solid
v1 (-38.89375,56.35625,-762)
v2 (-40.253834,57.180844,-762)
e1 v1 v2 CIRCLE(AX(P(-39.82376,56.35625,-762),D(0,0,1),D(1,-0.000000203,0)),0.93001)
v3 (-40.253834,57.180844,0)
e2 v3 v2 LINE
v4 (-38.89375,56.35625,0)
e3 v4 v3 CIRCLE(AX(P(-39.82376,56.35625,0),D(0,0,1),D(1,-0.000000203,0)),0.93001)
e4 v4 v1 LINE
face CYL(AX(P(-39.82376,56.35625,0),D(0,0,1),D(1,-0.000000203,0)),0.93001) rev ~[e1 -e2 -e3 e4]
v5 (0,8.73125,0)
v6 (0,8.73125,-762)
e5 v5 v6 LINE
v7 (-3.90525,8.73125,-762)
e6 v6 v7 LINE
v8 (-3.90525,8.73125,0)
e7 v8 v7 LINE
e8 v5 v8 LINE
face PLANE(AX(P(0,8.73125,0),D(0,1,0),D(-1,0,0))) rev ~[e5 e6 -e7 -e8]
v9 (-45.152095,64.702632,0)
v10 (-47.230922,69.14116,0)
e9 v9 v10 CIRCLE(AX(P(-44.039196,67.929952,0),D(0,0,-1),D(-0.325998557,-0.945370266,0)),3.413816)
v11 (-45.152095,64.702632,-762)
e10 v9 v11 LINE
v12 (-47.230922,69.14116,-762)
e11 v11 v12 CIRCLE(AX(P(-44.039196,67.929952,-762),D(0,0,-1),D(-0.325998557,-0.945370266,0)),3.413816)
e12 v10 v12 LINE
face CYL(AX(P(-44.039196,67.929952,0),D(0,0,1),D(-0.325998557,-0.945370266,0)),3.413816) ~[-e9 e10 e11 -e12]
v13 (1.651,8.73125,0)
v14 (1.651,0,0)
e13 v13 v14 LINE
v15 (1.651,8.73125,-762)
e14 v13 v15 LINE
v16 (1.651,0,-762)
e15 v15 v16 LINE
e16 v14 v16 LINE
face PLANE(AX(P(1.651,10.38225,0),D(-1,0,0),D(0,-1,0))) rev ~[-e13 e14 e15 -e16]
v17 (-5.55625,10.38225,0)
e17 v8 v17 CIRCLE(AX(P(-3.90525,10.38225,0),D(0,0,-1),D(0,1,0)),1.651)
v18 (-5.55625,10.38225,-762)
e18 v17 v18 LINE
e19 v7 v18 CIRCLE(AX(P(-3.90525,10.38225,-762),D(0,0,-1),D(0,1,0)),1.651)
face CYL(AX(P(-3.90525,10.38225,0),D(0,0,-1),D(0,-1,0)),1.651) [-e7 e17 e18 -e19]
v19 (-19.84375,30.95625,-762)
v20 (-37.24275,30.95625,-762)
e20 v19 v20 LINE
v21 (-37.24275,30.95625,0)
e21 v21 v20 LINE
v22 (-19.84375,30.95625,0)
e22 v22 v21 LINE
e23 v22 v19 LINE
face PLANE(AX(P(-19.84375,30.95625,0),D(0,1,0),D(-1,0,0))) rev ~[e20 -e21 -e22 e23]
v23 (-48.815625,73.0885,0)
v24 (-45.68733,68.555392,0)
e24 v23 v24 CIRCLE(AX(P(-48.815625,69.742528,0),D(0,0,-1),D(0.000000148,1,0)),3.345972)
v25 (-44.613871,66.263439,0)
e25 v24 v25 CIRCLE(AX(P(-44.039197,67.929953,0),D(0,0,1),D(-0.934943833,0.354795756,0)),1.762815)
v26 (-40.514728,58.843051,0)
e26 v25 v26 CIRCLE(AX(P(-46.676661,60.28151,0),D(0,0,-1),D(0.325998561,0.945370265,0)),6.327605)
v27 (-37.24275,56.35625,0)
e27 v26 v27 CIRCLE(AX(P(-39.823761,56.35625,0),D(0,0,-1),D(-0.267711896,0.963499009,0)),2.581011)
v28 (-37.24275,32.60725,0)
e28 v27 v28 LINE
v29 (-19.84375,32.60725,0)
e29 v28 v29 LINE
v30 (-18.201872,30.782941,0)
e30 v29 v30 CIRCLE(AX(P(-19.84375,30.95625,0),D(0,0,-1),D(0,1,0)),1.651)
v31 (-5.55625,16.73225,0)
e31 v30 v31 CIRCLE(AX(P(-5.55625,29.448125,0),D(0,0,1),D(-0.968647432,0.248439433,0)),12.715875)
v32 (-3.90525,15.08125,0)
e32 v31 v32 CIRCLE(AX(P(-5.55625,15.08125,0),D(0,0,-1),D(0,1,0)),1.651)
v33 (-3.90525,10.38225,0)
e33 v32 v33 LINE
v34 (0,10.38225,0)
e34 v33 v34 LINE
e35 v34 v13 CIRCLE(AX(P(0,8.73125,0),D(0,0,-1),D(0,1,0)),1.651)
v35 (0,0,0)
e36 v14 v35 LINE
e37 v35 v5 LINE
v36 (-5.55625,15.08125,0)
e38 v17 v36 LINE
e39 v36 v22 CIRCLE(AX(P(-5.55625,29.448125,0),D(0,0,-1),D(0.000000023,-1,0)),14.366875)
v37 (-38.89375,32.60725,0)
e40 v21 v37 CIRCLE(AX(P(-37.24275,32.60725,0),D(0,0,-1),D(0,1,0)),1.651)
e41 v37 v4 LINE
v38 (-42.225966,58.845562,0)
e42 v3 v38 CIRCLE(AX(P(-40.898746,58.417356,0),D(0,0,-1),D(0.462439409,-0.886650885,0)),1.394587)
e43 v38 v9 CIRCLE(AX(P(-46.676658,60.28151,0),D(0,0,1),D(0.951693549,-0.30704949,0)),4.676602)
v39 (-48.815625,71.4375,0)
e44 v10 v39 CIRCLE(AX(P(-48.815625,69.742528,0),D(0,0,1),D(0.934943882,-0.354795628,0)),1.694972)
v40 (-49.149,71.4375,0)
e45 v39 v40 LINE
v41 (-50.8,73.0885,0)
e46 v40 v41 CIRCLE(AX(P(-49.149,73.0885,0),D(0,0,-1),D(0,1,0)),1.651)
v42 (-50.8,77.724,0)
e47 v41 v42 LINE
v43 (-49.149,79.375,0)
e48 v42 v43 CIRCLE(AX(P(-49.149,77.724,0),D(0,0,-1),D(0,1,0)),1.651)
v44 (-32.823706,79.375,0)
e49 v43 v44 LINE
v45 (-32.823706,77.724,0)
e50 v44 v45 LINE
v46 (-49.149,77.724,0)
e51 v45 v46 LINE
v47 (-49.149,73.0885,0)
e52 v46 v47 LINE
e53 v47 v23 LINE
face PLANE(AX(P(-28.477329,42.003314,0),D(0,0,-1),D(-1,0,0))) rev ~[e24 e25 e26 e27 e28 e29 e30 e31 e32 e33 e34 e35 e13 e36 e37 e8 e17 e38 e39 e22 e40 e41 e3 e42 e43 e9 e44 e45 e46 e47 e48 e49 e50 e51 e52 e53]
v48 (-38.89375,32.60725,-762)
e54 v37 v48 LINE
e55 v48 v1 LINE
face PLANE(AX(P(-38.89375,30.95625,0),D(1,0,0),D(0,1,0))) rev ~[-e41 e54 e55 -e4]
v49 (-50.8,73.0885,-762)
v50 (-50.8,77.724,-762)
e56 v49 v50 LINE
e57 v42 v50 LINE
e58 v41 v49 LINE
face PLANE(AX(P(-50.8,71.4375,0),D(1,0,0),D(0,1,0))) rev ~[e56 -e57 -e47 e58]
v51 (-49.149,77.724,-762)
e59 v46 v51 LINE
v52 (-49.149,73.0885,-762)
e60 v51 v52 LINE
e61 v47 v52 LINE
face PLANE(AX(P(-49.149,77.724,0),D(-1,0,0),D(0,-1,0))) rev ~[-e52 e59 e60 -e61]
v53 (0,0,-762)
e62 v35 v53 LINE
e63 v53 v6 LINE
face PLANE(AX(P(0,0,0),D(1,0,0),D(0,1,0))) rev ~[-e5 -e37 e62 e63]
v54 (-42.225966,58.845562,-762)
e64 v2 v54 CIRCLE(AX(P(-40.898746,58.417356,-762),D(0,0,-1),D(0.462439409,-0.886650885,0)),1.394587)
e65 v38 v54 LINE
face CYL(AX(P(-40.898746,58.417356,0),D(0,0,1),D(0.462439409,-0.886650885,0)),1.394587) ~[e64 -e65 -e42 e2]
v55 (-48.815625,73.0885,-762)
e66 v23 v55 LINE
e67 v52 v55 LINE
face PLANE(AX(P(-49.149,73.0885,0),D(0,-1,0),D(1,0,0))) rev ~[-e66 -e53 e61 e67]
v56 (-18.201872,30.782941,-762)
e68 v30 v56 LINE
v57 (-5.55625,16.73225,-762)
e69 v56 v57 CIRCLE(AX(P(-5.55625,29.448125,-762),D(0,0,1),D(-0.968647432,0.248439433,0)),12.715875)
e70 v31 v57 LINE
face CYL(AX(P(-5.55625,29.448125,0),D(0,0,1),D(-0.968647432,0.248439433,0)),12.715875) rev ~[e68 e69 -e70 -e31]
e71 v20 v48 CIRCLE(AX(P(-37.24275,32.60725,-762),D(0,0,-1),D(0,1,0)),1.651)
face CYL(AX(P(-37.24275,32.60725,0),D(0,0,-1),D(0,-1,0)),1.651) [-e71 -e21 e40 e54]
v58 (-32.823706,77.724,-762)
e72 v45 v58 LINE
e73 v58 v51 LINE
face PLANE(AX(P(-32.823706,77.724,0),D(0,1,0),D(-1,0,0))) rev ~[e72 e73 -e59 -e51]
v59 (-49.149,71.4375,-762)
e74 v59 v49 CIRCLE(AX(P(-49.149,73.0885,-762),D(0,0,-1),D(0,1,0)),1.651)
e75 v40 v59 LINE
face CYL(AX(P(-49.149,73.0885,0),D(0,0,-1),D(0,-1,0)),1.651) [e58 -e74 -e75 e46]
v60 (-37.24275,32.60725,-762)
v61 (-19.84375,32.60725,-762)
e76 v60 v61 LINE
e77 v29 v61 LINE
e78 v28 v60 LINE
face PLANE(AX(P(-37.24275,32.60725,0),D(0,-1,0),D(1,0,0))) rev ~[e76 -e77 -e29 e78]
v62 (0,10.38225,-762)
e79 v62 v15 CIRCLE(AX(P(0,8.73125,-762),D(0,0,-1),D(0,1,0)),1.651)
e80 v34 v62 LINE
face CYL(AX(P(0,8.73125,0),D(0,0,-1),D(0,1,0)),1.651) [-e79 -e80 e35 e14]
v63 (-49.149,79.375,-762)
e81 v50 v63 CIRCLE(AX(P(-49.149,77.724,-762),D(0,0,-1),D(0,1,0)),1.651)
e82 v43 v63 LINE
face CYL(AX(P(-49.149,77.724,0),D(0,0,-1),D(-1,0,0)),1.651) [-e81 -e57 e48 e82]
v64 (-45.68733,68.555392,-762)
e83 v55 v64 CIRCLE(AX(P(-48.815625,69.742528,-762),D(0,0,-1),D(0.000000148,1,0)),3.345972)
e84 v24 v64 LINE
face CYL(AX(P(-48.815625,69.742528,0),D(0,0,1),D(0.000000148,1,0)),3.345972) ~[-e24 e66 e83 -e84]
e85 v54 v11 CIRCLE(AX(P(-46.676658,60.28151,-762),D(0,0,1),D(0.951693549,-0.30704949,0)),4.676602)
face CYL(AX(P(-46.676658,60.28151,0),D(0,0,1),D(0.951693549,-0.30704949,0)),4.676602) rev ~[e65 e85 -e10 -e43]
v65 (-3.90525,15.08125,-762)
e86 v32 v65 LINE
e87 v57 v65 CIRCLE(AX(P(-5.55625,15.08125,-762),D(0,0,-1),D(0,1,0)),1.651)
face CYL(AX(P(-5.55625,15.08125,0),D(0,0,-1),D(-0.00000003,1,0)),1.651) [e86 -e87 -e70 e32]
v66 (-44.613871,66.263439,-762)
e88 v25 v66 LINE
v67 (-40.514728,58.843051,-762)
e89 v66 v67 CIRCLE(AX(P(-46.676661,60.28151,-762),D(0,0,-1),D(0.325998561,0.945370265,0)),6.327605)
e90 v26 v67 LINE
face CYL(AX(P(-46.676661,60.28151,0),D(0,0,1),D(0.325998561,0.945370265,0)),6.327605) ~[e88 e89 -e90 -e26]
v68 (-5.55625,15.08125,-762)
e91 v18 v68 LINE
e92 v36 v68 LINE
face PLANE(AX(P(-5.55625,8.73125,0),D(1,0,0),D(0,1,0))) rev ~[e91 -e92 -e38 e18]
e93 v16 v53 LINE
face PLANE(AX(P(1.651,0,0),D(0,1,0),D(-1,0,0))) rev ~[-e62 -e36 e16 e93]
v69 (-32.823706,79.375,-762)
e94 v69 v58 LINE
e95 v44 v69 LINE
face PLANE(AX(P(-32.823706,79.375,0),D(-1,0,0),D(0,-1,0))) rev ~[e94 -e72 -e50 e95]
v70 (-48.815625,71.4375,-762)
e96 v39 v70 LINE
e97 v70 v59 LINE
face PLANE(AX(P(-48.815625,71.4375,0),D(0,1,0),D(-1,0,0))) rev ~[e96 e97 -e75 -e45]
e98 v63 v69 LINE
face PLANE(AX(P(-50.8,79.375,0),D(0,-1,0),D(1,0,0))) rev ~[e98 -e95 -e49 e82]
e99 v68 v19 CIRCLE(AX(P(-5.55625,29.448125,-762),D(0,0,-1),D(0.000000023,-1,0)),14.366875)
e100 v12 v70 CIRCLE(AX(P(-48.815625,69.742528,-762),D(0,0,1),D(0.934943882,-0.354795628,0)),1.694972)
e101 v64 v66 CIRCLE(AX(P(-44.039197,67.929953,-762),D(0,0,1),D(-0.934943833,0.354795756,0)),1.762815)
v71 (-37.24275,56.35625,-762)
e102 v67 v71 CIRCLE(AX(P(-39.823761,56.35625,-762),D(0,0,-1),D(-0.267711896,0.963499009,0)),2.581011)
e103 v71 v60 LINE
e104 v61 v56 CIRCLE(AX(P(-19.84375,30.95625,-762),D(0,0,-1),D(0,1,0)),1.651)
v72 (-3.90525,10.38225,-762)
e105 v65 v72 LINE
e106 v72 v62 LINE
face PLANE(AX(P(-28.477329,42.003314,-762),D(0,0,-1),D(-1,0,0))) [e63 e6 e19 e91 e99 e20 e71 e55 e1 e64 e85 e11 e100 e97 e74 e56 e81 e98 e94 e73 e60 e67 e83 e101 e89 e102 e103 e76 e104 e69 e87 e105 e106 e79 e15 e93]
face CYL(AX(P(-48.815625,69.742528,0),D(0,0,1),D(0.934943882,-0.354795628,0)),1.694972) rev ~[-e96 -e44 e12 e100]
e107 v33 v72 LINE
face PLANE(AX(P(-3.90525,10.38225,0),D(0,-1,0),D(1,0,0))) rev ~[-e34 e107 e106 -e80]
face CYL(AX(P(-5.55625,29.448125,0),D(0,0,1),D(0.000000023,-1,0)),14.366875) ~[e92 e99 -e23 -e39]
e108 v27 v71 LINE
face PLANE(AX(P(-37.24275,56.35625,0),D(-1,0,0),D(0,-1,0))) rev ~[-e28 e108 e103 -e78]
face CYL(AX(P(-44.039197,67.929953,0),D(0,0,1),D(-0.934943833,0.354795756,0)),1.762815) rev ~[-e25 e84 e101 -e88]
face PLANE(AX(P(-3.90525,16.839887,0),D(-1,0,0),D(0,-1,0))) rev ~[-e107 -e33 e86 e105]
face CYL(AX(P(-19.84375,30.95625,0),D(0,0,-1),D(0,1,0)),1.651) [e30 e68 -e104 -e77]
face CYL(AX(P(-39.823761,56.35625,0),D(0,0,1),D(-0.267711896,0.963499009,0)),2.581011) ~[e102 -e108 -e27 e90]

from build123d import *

# Parameters (mm, degrees)
EXTRUDE_THIN1_DEPTH = 762
FILLET1_R           = 1.651


with BuildPart() as part:
    # Sketch1 → Extrude-Thin1 (new body)
    with BuildSketch(Plane.XY):
        with BuildLine():
            Line((0, 0), (0, 8.73125))
            Line((0, 8.73125), (-5.55625, 8.73125))
            Line((-5.55625, 8.73125), (-5.55625, 15.08125))
            ThreePointArc((-5.55625, 15.08125), (-16.235064, 19.837192), (-19.84375, 30.95625))
            Line((-19.84375, 30.95625), (-38.89375, 30.95625))
            Line((-38.89375, 30.95625), (-38.89375, 56.35625))
            ThreePointArc((-38.89375, 56.35625), (-39.341606, 57.151515), (-40.253834, 57.180844))
            ThreePointArc((-40.253834, 57.180844), (-41.798306, 57.35168), (-42.225966, 58.845562))
            ThreePointArc((-42.225966, 58.845562), (-42.493091, 62.371576), (-45.152095, 64.702632))
            ThreePointArc((-45.152095, 64.702632), (-47.13073, 66.482003), (-47.230922, 69.14116))
            ThreePointArc((-47.230922, 69.14116), (-47.420593, 70.70524), (-48.815625, 71.4375))
            Line((-48.815625, 71.4375), (-50.8, 71.4375))
            Line((-50.8, 71.4375), (-50.8, 79.375))
            Line((-50.8, 79.375), (-32.823706, 79.375))
            Line((-32.823706, 79.375), (-32.823706, 77.724))
            Line((-32.823706, 77.724), (-49.149, 77.724))
            Line((-49.149, 77.724), (-49.149, 73.0885))
            Line((-49.149, 73.0885), (-48.815625, 73.0885))
            ThreePointArc((-48.815625, 73.0885), (-46.061751, 71.642976), (-45.68733, 68.555392))
            ThreePointArc((-45.68733, 68.555392), (-45.635593, 67.182265), (-44.613871, 66.263439))
            ThreePointArc((-44.613871, 66.263439), (-41.137974, 63.341171), (-40.514728, 58.843051))
            ThreePointArc((-40.514728, 58.843051), (-38.261995, 58.411123), (-37.24275, 56.35625))
            Line((-37.24275, 56.35625), (-37.24275, 32.60725))
            Line((-37.24275, 32.60725), (-17.87345, 32.60725))
            ThreePointArc((-17.87345, 32.60725), (-15.074359, 21.016098), (-3.90525, 16.839887))
            Line((-3.90525, 16.839887), (-3.90525, 10.38225))
            Line((-3.90525, 10.38225), (1.651, 10.38225))
            Line((1.651, 10.38225), (1.651, 0))
            Line((1.651, 0), (0, 0))
        make_face()
    extrude(amount=-EXTRUDE_THIN1_DEPTH)

    # Fillet1
    fillet1_edges = [part.edges().sort_by_distance(p)[0] for p in [
        (-17.87345, 32.60725, -381),
        (-3.90525, 16.839887, -381),
        (1.651, 10.38225, -381),
        (-5.55625, 8.73125, -381),
        (-38.89375, 30.95625, -381),
        (-50.8, 71.4375, -381),
        (-50.8, 79.375, -381),
    ]]
    fillet(fillet1_edges, radius=FILLET1_R)


solid = part.part
